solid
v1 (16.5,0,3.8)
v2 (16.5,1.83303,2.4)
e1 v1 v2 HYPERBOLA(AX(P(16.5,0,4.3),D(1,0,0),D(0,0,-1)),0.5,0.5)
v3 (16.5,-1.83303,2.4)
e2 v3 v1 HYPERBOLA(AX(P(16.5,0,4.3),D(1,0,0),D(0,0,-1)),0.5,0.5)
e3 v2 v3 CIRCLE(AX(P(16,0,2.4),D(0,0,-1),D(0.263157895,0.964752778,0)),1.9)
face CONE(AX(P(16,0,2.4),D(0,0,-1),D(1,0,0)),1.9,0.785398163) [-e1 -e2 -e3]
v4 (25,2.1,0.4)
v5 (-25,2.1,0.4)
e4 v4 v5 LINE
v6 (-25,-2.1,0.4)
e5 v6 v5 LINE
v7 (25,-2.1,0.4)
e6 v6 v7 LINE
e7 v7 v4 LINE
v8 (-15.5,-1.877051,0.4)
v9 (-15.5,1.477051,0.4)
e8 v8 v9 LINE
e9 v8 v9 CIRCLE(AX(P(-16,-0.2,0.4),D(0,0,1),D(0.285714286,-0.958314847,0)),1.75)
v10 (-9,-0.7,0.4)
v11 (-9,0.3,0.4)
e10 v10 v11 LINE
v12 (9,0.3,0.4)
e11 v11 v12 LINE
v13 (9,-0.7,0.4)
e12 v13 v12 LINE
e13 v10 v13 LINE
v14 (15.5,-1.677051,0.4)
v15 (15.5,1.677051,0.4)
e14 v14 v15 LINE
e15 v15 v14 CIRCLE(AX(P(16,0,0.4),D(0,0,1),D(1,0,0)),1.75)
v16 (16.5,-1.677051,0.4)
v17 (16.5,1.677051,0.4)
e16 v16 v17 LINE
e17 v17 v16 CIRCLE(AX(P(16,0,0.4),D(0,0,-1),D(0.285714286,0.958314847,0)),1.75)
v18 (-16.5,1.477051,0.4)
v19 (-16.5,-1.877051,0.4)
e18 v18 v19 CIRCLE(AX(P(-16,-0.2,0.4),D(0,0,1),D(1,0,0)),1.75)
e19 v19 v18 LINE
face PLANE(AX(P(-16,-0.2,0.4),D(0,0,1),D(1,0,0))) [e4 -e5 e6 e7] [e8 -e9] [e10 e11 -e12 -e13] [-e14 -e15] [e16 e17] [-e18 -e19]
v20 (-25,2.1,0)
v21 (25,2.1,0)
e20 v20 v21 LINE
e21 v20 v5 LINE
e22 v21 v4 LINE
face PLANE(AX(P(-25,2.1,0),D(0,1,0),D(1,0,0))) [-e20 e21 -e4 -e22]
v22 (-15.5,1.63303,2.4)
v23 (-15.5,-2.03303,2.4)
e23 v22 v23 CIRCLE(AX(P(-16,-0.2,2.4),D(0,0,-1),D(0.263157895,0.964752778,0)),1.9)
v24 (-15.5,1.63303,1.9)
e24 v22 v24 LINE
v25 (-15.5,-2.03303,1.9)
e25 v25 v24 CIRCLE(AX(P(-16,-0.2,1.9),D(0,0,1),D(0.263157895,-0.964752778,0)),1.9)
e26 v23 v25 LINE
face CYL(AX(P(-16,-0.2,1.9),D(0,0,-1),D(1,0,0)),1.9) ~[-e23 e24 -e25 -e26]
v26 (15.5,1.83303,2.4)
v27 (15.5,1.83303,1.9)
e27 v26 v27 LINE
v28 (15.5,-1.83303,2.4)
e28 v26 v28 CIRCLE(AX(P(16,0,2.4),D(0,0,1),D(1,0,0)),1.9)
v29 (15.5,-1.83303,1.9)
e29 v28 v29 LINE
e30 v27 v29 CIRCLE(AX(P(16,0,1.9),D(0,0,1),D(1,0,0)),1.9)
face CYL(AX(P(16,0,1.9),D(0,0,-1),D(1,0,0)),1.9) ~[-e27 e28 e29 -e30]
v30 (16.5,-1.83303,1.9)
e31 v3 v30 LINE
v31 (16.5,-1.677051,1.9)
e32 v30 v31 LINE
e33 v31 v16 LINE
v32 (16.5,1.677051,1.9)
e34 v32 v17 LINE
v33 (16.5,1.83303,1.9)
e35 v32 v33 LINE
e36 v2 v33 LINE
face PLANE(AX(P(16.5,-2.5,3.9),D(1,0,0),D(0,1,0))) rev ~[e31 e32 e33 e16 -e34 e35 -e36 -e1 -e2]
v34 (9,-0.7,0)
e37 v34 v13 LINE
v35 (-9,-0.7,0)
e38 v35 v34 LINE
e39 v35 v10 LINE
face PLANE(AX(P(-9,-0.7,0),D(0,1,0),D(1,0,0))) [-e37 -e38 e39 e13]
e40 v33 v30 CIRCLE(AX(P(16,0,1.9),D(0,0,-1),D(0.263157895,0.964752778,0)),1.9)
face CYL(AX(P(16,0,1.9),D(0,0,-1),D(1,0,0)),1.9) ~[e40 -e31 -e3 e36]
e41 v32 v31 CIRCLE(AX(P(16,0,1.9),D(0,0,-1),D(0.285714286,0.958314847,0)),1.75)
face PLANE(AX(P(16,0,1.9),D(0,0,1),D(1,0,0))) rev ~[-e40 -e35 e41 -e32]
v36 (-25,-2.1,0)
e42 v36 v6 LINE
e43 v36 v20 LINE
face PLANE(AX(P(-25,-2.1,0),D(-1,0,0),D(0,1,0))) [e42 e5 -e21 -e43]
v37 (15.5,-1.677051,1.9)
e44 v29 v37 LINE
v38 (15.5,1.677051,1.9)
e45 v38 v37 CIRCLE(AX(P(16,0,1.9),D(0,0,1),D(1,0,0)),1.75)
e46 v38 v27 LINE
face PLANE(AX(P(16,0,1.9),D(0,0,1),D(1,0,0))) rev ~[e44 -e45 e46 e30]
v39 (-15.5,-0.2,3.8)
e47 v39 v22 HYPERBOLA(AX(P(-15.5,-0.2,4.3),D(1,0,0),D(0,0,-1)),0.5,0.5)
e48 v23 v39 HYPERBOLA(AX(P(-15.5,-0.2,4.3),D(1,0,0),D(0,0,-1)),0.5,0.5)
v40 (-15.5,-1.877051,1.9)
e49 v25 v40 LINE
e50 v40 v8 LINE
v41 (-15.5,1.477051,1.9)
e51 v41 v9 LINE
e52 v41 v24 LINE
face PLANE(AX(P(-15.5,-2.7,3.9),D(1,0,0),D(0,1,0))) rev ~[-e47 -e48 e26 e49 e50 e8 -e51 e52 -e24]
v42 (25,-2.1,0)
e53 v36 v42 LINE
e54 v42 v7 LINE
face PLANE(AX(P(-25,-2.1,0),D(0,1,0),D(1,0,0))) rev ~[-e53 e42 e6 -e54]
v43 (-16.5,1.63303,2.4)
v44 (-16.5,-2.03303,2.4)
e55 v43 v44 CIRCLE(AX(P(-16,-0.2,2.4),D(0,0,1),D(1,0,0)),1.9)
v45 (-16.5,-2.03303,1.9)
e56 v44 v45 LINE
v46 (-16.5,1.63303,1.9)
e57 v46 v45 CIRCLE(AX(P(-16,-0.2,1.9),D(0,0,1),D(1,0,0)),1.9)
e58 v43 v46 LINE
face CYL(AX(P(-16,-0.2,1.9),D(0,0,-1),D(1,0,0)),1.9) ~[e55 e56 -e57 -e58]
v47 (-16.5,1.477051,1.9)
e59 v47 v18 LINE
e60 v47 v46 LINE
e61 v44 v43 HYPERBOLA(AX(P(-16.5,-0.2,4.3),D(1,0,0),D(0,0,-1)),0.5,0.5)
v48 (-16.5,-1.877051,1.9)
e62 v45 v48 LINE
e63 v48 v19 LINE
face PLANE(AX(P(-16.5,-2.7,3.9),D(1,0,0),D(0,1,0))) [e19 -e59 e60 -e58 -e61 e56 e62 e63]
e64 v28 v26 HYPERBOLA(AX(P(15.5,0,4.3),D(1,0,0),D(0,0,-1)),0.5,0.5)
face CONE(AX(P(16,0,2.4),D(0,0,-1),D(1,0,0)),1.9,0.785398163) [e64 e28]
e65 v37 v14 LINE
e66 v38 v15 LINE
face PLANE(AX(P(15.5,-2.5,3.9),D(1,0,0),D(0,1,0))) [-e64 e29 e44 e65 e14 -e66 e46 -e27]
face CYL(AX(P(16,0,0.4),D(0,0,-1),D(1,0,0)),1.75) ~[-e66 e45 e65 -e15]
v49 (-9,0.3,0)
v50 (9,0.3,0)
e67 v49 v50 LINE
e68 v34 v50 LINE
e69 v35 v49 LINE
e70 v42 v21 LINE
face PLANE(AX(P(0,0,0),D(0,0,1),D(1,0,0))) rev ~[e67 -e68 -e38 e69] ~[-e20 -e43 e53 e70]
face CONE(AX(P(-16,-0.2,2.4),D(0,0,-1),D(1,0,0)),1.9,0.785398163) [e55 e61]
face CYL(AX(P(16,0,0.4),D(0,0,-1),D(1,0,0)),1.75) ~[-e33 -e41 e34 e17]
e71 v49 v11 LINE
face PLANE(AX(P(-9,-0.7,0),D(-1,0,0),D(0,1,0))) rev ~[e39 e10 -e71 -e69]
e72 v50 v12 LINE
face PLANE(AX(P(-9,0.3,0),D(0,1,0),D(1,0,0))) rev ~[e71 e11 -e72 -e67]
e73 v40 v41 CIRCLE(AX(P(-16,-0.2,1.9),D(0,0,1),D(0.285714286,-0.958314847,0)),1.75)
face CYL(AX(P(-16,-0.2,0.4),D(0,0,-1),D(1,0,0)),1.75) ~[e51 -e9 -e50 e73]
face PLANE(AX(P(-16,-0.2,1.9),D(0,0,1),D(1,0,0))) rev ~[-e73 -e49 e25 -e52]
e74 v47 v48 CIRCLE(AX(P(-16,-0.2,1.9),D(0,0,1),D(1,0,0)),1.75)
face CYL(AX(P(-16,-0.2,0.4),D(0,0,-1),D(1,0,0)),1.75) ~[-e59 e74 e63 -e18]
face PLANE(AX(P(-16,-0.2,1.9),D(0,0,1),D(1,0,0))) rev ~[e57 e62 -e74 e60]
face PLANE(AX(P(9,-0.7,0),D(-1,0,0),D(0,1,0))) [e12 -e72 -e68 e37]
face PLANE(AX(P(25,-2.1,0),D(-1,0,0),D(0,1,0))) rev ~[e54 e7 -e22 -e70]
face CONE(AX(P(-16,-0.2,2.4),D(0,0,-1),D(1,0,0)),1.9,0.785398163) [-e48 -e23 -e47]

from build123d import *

# Parameters (mm, degrees)
SKICA2_W                 = 50
SKICA2_H                 = 4.2
SKICA2_W_2               = 18
SKICA2_H_2               = 1
P_IDAT_VYSUNUT_M2_DEPTH  = 0.4
SKICA3_R                 = 1.75
P_IDAT_VYSUNUT_M3_DEPTH  = 1.5
SKICA5_R                 = 1.9
P_IDAT_VYSUNUT_M5_DEPTH  = 2
ZKOSEN_2_SIZE            = 1.5
SKICA7_W                 = 1
SKICA7_H                 = 5
ODEBRAT_VYSUNUT_M1_DEPTH = 3.5


with BuildPart() as part:
    # Skica2 → Přidat vysunutím2 (new body)
    with BuildSketch(Plane.XY):
        Rectangle(SKICA2_W, SKICA2_H)
        with Locations((0, -0.2)):
            Rectangle(SKICA2_W_2, SKICA2_H_2, mode=Mode.SUBTRACT)
    extrude(amount=P_IDAT_VYSUNUT_M2_DEPTH)

    # Skica3 → Přidat vysunutím3 (add)
    with BuildSketch(Plane.XY.offset(0.4)):
        with Locations((-16, -0.2)):
            Circle(SKICA3_R)
        with Locations((16, 0)):
            Circle(SKICA3_R)
    extrude(amount=P_IDAT_VYSUNUT_M3_DEPTH)

    # Skica5 → Přidat vysunutím5 (add)
    with BuildSketch(Plane.XY.offset(1.9)):
        with Locations((-16, -0.2)):
            Circle(SKICA5_R)
        with Locations((16, 0)):
            Circle(SKICA5_R)
    extrude(amount=P_IDAT_VYSUNUT_M5_DEPTH)

    # Zkosení2
    zkosen_2_edges = [part.edges().sort_by_distance(p)[0] for p in [
        (-17.9, -0.2, 3.9),
        (14.1, 0, 3.9),
    ]]
    chamfer(zkosen_2_edges, length=ZKOSEN_2_SIZE)

    # Skica7 → Odebrat vysunutím1 (cut)
    with BuildSketch(Plane.XY.offset(3.9)):
        with Locations((-16, -0.2)):
            Rectangle(SKICA7_W, SKICA7_H)
        with Locations((16, 0)):
            Rectangle(SKICA7_W, SKICA7_H)
    extrude(amount=-ODEBRAT_VYSUNUT_M1_DEPTH, mode=Mode.SUBTRACT)


solid = part.part
